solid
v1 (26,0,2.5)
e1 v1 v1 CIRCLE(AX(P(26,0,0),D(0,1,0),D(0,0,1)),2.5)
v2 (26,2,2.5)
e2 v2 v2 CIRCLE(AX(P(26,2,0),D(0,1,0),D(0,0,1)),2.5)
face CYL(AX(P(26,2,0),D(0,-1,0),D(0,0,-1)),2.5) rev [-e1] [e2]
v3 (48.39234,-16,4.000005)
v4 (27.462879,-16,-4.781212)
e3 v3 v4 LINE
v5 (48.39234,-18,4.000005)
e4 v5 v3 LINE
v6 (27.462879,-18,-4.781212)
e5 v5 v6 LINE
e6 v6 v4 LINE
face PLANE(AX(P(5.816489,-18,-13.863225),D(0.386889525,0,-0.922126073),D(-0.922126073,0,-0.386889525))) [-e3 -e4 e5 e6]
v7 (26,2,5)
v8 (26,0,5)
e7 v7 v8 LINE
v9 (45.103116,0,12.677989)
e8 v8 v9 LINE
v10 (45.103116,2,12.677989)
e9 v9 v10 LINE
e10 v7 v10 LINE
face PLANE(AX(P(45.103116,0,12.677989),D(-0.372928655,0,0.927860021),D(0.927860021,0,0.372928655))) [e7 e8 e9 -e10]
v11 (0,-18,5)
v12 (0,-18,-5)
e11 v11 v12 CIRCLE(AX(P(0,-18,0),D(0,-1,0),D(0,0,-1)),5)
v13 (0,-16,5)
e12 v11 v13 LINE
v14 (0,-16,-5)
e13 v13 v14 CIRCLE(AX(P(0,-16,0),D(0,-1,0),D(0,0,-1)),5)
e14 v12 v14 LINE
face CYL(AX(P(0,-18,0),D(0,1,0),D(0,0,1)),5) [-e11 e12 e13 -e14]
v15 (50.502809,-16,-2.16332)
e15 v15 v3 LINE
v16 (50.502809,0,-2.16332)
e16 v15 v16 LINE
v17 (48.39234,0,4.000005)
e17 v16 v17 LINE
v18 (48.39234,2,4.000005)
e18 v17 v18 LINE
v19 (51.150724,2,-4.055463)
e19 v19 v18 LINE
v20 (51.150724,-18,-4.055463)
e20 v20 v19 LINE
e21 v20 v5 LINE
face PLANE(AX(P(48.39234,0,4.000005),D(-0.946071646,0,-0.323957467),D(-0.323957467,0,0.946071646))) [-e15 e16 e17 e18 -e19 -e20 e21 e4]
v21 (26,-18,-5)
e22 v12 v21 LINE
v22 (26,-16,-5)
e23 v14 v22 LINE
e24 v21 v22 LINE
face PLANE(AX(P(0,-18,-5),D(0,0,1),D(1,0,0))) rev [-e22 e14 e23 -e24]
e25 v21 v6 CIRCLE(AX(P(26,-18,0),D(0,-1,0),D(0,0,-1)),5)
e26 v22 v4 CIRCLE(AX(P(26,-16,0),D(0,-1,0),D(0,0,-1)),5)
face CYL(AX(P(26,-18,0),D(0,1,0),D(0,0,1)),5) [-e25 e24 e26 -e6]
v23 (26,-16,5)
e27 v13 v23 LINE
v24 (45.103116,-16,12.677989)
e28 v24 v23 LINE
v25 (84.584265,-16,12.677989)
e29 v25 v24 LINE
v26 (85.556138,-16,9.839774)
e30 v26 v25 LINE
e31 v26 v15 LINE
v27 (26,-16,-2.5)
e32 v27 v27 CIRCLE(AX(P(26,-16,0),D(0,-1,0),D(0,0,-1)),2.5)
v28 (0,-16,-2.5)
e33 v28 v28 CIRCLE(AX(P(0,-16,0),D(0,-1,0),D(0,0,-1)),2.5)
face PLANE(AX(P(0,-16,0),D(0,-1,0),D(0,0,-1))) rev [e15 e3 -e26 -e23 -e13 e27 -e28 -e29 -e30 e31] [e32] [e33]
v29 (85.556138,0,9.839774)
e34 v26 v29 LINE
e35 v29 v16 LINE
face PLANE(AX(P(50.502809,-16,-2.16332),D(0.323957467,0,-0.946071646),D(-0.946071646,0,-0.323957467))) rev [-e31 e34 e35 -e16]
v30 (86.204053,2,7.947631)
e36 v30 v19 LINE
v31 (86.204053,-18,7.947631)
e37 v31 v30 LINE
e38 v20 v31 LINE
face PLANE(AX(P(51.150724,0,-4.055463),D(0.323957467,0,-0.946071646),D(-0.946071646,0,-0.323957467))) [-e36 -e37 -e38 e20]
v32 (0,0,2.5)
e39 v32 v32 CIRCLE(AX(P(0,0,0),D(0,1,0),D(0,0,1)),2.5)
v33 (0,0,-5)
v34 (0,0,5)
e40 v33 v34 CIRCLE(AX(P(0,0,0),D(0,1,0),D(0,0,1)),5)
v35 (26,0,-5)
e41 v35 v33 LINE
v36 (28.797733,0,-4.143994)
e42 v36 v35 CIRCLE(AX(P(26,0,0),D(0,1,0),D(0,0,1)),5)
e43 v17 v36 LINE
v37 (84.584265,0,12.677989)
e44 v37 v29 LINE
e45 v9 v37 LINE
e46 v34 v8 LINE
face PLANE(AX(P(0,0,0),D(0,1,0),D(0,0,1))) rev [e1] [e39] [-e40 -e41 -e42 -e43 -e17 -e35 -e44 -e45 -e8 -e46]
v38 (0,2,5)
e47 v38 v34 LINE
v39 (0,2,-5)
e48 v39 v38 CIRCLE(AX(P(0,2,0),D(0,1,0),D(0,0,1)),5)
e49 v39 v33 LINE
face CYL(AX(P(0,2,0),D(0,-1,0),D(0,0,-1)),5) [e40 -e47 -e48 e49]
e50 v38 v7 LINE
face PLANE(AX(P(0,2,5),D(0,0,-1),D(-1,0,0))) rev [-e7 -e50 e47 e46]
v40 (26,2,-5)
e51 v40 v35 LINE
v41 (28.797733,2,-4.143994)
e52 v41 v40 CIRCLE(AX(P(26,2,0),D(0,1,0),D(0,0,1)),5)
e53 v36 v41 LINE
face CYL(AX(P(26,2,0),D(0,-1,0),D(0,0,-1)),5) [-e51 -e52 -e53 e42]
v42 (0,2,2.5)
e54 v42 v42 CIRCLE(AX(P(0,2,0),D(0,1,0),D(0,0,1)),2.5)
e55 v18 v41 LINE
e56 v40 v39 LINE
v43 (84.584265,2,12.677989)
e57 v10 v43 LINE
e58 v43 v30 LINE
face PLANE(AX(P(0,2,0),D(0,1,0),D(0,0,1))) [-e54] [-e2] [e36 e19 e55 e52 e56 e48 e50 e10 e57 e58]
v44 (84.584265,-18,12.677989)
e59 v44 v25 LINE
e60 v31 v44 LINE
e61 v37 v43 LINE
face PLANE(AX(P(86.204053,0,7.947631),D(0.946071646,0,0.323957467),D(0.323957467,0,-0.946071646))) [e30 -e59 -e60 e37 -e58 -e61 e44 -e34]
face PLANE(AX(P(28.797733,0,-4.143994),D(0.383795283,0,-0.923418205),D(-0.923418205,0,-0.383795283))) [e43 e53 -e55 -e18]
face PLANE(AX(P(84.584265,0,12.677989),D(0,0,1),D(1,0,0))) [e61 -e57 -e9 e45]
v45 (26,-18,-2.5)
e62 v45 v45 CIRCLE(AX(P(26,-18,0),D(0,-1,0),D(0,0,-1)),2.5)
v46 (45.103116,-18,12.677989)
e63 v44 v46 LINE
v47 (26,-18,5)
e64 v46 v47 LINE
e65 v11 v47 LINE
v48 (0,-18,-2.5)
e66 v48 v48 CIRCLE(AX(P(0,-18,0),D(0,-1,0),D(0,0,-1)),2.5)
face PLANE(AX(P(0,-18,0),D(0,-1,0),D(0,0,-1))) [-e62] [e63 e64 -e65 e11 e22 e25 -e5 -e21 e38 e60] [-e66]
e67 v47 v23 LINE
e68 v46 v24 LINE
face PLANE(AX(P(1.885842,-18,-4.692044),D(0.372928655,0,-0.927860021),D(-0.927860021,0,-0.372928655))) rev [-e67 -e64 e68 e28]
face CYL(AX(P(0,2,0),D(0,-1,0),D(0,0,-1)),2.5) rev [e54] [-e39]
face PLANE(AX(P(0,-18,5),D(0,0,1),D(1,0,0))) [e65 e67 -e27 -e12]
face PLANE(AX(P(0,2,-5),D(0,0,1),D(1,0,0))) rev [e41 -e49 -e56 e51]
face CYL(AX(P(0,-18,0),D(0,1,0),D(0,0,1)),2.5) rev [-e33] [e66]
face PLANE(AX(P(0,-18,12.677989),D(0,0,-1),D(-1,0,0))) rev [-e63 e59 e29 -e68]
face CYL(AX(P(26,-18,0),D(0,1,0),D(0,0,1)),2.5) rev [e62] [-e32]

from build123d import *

# Parameters (mm, degrees)
SKETCH1_R           = 2.5
BOSS_EXTRUDE1_DEPTH = 2
BOSS_EXTRUDE2_DEPTH = 2
BOSS_EXTRUDE3_DEPTH = 16
BOSS_EXTRUDE4_START = 2
SKETCH5_R           = 2.5
BOSS_EXTRUDE4_DEPTH = 2


with BuildPart() as part:
    # Sketch1 → Boss-Extrude1 (new body)
    with BuildSketch(Plane(origin=(0, 0, 0), x_dir=(1, 0, 0), z_dir=(0, 1, 0))):
        with BuildLine():
            Line((0, 5), (26, 5))
            ThreePointArc((26, 5), (31, 0), (26, -5))
            Line((26, -5), (0, -5))
            ThreePointArc((0, -5), (-5, 0), (0, 5))
        make_face()
        with Locations(Location((0, 0, 0), (0, 0, 270))):
            Circle(SKETCH1_R, mode=Mode.SUBTRACT)
        with Locations(Location((26, 0, 0), (0, 0, 270))):
            Circle(SKETCH1_R, mode=Mode.SUBTRACT)
    extrude(amount=BOSS_EXTRUDE1_DEPTH)

    # Sketch3 → Boss-Extrude2 (add)
    with BuildSketch(Plane(origin=(0, 2, 0), x_dir=(1, 0, 0), z_dir=(0, 1, 0))):
        Polygon((28.797733135, 4.143994366), (48.392339972, -4.000005434), (51.150724408, 4.055463463), (86.204052601, -7.947631099), (84.584265263, -12.677989329), (45.103115949, -12.677989329), (26, -5), (30.045984746, -0.31879875), align=None)
    extrude(amount=-BOSS_EXTRUDE2_DEPTH)

    # Sketch4 → Boss-Extrude3 (add)
    with BuildSketch(Plane.XZ):
        Polygon((51.150724408, -4.055463463), (86.204052601, 7.947631099), (85.556137666, 9.839774391), (50.502809473, -2.163320171), align=None)
    extrude(amount=BOSS_EXTRUDE3_DEPTH)

    # Sketch5 → Boss-Extrude4 (add)
    with BuildSketch(Plane.XZ.offset(16).offset(BOSS_EXTRUDE4_START)):
        with BuildLine():
            Line((48.392339972, 4.000005434), (51.150724408, -4.055463463))
            Line((51.150724408, -4.055463463), (86.204052601, 7.947631099))
            Line((86.204052601, 7.947631099), (84.584265263, 12.677989329))
            Line((84.584265263, 12.677989329), (45.103115949, 12.677989329))
            Line((45.103115949, 12.677989329), (26, 5))
            Line((26, 5), (0, 5))
            ThreePointArc((0, 5), (-5, 0), (0, -5))
            Line((0, -5), (26, -5))
            ThreePointArc((26, -5), (26.739574604, -4.945000445), (27.462878698, -4.781211762))
            Line((27.462878698, -4.781211762), (28.386557924, -4.393670593))
            Line((28.386557924, -4.393670593), (48.392339972, 4.000005434))
        make_face()
        with Locations(Location((0, 0, 0), (0, 0, 90))):
            Circle(SKETCH5_R, mode=Mode.SUBTRACT)
        with Locations(Location((26, 0, 0), (0, 0, 90))):
            Circle(SKETCH5_R, mode=Mode.SUBTRACT)
    extrude(amount=-BOSS_EXTRUDE4_DEPTH)


solid = part.part
